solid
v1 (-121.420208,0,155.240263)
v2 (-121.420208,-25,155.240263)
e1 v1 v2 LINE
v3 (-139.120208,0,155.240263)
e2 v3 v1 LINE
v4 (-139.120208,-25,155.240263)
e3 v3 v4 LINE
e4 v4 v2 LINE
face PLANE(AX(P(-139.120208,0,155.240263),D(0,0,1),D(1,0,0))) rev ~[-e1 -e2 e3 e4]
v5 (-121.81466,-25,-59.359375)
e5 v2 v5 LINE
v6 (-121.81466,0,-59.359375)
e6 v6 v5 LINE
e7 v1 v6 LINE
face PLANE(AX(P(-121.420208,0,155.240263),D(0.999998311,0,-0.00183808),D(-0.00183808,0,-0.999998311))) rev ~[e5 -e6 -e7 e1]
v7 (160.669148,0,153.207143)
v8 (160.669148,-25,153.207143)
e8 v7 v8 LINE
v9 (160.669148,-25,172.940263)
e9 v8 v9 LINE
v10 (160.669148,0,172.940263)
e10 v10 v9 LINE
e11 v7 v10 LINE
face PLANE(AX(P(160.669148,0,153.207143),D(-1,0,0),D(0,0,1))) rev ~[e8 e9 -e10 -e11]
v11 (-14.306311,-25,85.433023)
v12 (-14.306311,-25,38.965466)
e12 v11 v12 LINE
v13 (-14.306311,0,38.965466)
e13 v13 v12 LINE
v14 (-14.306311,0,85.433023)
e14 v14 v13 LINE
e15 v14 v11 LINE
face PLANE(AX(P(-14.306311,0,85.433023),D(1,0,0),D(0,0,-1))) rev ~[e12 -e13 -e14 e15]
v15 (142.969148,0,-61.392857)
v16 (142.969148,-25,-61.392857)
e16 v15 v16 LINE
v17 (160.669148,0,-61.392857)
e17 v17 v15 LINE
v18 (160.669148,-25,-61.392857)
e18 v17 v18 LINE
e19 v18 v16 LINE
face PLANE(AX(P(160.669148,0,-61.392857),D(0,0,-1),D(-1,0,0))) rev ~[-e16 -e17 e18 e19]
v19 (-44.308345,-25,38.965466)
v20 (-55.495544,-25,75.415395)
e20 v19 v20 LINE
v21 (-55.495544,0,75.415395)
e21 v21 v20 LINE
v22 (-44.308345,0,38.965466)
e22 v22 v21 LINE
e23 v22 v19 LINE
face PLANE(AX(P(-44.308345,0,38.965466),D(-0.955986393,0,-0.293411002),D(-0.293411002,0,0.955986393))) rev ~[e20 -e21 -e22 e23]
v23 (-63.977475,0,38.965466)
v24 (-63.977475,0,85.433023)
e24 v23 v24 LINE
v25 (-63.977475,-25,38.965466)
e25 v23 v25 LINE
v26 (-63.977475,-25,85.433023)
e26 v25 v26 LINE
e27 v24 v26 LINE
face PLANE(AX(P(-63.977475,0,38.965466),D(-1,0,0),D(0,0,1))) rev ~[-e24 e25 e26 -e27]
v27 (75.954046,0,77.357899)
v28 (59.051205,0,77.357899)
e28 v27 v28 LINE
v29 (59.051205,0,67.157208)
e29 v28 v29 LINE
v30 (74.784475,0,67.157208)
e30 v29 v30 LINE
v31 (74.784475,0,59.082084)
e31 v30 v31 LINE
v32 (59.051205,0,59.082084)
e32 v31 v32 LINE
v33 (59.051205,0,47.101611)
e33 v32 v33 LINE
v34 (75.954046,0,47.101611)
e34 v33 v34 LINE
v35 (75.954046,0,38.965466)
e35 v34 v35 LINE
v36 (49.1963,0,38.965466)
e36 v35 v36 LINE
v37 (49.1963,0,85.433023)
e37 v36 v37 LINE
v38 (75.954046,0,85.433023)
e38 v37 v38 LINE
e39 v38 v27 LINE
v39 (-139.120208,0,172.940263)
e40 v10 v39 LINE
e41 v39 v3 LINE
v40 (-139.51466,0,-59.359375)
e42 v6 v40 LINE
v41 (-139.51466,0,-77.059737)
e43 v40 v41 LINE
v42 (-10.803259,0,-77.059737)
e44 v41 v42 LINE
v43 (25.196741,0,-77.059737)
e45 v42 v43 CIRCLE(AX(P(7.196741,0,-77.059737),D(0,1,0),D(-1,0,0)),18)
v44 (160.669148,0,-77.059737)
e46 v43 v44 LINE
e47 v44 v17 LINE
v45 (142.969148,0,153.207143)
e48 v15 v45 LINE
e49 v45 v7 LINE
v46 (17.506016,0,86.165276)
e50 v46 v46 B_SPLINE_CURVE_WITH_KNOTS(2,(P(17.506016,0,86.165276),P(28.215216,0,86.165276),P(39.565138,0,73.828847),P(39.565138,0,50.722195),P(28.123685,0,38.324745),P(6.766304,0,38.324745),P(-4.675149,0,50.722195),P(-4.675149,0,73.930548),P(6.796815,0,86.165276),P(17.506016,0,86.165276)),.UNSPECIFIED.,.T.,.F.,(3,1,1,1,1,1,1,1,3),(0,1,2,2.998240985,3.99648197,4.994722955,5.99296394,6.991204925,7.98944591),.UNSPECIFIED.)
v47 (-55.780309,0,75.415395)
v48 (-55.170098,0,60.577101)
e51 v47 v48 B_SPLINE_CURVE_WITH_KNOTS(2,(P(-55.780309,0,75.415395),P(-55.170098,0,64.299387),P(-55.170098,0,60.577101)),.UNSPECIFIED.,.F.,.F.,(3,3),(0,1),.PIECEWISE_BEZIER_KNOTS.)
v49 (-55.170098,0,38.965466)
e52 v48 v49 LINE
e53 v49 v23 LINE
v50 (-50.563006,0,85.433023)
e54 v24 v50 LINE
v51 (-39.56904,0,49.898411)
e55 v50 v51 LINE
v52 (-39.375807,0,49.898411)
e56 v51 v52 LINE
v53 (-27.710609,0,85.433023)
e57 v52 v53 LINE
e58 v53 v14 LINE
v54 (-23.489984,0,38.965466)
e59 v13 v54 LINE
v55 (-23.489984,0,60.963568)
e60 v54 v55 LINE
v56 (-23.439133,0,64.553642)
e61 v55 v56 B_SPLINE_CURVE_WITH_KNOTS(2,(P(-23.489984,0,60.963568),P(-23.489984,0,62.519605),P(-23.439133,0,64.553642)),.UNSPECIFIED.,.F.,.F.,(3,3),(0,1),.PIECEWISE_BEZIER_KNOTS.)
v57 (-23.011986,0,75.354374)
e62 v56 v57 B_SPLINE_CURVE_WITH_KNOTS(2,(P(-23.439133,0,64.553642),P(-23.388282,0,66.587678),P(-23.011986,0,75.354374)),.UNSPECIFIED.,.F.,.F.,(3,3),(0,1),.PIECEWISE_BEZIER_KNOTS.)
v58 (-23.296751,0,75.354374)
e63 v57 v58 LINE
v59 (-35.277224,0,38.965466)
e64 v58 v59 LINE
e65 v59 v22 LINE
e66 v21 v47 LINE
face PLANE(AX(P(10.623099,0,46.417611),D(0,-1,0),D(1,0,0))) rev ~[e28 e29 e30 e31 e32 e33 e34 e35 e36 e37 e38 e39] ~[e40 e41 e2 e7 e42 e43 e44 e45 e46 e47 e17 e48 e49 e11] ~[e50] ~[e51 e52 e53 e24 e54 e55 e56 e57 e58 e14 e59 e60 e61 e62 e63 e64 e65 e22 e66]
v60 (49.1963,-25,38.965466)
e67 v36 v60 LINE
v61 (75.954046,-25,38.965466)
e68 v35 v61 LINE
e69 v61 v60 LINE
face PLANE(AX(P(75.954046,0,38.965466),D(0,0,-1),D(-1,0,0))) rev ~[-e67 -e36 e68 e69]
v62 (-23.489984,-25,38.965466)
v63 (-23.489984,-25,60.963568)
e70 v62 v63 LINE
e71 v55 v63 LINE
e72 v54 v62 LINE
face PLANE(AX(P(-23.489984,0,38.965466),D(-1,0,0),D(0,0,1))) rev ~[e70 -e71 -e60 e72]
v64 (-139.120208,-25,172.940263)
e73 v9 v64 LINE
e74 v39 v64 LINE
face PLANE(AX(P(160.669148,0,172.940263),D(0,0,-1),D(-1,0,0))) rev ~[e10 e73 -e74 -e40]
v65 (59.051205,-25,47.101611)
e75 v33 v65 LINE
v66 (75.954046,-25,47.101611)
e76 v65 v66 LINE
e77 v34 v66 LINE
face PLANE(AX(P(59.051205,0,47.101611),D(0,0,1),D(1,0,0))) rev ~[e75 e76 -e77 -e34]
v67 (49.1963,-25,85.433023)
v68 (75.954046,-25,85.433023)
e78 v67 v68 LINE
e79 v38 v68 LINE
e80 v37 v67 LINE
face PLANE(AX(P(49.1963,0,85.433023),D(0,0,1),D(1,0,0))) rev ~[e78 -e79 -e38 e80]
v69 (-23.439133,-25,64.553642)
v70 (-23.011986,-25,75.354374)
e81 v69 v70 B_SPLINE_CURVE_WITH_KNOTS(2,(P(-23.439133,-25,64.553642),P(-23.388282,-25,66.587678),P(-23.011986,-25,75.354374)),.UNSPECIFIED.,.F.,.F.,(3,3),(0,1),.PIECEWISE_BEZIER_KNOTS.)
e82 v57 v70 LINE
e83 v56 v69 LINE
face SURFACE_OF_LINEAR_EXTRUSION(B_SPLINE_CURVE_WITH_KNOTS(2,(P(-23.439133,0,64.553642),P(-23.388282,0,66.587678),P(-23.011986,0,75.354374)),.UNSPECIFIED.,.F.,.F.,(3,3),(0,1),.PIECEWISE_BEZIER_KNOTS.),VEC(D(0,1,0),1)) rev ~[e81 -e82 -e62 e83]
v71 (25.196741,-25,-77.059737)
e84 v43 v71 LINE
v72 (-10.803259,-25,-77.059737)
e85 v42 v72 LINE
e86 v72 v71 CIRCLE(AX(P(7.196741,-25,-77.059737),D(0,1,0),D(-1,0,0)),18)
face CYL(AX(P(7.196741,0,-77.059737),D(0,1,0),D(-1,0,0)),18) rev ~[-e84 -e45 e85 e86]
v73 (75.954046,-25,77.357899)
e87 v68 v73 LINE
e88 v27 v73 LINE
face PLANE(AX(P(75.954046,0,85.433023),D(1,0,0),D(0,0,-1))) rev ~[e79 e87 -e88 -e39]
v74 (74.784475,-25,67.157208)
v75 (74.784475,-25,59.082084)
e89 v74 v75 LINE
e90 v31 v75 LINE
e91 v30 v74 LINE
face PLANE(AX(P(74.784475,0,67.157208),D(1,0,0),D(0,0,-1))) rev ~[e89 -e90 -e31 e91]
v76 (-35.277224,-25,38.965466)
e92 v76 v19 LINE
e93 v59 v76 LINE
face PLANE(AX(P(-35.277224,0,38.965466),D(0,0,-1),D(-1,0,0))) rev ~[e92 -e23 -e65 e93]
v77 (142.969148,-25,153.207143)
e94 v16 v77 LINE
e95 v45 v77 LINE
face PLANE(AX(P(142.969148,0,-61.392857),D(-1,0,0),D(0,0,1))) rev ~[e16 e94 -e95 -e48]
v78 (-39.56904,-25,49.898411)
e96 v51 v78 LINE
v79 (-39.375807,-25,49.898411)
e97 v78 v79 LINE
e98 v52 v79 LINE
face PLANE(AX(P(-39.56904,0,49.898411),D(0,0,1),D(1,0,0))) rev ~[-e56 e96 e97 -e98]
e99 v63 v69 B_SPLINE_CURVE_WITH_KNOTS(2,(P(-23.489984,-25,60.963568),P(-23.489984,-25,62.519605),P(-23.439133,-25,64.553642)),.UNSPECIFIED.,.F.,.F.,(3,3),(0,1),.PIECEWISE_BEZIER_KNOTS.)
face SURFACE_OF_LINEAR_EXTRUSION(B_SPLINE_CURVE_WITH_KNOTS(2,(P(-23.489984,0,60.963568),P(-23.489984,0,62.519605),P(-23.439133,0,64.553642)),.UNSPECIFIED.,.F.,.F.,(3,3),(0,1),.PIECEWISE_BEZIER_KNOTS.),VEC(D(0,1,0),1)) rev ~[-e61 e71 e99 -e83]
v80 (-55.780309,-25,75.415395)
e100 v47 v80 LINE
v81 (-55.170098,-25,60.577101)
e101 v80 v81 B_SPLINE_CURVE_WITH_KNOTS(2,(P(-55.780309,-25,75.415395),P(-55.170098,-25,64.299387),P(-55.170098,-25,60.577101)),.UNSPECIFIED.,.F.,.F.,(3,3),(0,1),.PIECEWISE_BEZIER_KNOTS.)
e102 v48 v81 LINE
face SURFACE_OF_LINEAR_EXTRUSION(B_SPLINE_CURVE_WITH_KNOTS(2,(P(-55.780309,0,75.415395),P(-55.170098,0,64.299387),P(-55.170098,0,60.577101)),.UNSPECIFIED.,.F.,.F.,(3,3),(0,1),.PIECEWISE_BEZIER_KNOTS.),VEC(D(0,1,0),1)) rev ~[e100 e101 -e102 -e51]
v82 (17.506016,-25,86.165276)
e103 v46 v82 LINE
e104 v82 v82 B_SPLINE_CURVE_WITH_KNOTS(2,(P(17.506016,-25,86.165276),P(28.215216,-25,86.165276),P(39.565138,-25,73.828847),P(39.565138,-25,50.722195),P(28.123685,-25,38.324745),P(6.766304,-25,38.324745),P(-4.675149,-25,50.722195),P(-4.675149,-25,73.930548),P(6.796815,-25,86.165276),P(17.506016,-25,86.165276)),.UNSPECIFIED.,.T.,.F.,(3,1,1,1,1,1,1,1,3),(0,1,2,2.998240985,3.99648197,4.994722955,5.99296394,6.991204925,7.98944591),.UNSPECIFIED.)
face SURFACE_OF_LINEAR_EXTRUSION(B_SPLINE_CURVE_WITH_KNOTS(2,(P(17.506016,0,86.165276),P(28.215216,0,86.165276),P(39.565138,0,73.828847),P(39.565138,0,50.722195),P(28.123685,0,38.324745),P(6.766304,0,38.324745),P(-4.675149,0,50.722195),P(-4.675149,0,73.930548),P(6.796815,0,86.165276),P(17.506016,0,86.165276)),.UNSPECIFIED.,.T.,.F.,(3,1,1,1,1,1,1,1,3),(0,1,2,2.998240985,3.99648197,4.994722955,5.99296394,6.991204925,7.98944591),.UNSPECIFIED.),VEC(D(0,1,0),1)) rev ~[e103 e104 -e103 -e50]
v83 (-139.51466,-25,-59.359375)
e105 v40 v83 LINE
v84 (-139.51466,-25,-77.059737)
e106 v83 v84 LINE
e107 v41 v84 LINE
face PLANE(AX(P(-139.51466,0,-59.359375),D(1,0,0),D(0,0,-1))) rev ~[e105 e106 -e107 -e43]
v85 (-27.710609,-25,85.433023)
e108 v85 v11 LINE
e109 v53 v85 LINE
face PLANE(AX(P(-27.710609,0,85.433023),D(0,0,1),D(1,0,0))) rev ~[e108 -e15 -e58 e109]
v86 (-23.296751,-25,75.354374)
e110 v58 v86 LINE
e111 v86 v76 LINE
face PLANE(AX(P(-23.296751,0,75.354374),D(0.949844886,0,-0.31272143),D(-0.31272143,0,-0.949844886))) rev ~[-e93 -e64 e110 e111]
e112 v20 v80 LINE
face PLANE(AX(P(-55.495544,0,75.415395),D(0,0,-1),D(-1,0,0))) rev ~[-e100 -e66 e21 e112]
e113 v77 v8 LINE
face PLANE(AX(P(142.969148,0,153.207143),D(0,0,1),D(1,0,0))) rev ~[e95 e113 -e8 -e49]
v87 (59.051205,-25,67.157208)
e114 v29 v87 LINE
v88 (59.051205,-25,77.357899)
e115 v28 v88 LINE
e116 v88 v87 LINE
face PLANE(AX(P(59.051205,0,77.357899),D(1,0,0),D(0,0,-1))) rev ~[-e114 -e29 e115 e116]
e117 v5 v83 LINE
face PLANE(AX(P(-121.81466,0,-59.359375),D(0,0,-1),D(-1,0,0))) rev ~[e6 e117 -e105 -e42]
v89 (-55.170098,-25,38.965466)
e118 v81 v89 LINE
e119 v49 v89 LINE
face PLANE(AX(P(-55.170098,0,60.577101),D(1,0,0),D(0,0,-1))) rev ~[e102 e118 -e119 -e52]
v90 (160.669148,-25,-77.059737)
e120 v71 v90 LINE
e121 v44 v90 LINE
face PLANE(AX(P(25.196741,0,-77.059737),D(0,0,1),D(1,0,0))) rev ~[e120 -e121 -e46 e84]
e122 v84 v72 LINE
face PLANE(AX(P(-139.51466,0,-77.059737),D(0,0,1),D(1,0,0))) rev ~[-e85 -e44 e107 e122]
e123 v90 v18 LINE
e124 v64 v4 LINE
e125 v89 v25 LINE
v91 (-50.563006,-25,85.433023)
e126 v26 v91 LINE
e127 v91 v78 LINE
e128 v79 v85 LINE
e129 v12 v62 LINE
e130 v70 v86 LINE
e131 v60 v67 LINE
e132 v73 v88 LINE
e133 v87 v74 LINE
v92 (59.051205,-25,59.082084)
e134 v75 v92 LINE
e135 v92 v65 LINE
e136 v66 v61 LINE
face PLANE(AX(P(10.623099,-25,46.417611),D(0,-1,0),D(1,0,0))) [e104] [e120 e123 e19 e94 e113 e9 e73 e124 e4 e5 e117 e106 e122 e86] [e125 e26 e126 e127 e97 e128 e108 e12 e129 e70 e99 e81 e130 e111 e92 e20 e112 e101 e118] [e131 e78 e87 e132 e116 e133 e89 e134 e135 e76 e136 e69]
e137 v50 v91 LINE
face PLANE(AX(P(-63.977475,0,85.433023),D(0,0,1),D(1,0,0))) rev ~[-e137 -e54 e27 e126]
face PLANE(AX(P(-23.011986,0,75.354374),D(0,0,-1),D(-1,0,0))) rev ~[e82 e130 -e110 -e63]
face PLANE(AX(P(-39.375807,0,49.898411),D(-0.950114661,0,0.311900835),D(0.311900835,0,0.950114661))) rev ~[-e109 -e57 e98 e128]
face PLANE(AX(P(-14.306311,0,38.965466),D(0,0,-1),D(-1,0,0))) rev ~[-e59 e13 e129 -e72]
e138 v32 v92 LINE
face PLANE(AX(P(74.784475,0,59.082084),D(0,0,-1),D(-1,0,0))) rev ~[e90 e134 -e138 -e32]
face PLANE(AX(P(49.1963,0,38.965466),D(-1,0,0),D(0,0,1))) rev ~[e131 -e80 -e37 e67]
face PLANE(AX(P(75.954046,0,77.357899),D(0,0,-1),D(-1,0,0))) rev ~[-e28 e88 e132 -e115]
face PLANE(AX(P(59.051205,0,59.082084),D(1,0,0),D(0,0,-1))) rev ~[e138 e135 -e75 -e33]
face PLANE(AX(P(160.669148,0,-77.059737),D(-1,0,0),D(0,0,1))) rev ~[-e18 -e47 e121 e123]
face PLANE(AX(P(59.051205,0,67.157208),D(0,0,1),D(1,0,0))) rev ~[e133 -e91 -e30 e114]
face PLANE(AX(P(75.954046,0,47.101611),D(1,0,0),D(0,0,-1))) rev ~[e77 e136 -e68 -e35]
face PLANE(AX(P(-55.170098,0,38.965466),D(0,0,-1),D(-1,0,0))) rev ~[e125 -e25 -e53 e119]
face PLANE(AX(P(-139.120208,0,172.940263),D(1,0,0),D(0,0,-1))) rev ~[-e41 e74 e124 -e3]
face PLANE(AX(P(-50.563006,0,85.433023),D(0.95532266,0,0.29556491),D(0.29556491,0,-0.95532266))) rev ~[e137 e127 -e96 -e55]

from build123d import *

# Parameters (mm, degrees)
F1_DEPTH = 25


with BuildPart() as f1:
    # F0 (on Front) → F1 (new body)
    with BuildSketch(Plane.XZ):
        with BuildLine():
            Line((25.196740713, -77.0597371716), (142.969147649, -77.0597371716))
            Line((142.969147649, -77.0597371716), (160.669147649, -77.0597371716))
            Line((160.669147649, -77.0597371716), (160.669147649, -61.3928571429))
            Line((160.669147649, -61.3928571429), (142.969147649, -61.3928571429))
            Line((142.969147649, -61.3928571429), (142.969147649, 153.2071428571))
            Line((142.969147649, 153.2071428571), (160.669147649, 153.2071428571))
            Line((160.669147649, 153.2071428571), (160.669147649, 172.9402628284))
            Line((160.669147649, 172.9402628284), (142.969147649, 172.9402628284))
            Line((142.969147649, 172.9402628284), (21.10726993, 172.9402628284))
            Line((21.10726993, 172.9402628284), (-28.89273007, 172.9402628284))
            Line((-28.89273007, 172.9402628284), (-121.4202080463, 172.9402628284))
            Line((-121.4202080463, 172.9402628284), (-139.1202080463, 172.9402628284))
            Line((-139.1202080463, 172.9402628284), (-139.1202080463, 155.2402628284))
            Line((-139.1202080463, 155.2402628284), (-121.4202080463, 155.2402628284))
            Line((-121.4202080463, 155.2402628284), (-121.8146599785, -59.3593746542))
            Line((-121.8146599785, -59.3593746542), (-139.5146599785, -59.3593746542))
            Line((-139.5146599785, -59.3593746542), (-139.5146599785, -77.0597371716))
            Line((-139.5146599785, -77.0597371716), (-121.630852351, -77.0597371716))
            Line((-121.630852351, -77.0597371716), (-10.803259287, -77.0597371716))
            ThreePointArc((-10.803259287, -77.0597371716), (7.196740713, -59.0597371716), (25.196740713, -77.0597371716))
        make_face()
        with BuildLine():
            Line((-35.2772239302, 38.9654661138), (-44.3083446842, 38.9654661138))
            Line((-44.3083446842, 38.9654661138), (-55.4955438163, 75.4153949225))
            Line((-55.4955438163, 75.4153949225), (-55.7803088852, 75.4153949225))
            add(Edge.make_bspline(
                [(-55.7803088852, 75.4153949225), (-55.1700980234, 64.2993870576), (-55.1700980234, 60.5771008009)],
                knots=[0, 0, 0, 1, 1, 1], degree=2))
            Line((-55.1700980234, 60.5771008009), (-55.1700980234, 38.9654661138))
            Line((-55.1700980234, 38.9654661138), (-63.9774747947, 38.9654661138))
            Line((-63.9774747947, 38.9654661138), (-63.9774747947, 85.4330232363))
            Line((-63.9774747947, 85.4330232363), (-50.5630060172, 85.4330232363))
            Line((-50.5630060172, 85.4330232363), (-39.5690403246, 49.8984107202))
            Line((-39.5690403246, 49.8984107202), (-39.375806885, 49.8984107202))
            Line((-39.375806885, 49.8984107202), (-27.7106092445, 85.4330232363))
            Line((-27.7106092445, 85.4330232363), (-14.306310648, 85.4330232363))
            Line((-14.306310648, 85.4330232363), (-14.306310648, 38.9654661138))
            Line((-14.306310648, 38.9654661138), (-23.4899841174, 38.9654661138))
            Line((-23.4899841174, 38.9654661138), (-23.4899841174, 60.96356768))
            add(Edge.make_bspline(
                [(-23.4899841174, 60.96356768), (-23.4899841174, 62.5196053775), (-23.4391332122, 64.5536415833)],
                knots=[0, 0, 0, 1, 1, 1], degree=2))
            add(Edge.make_bspline(
                [(-23.4391332122, 64.5536415833), (-23.3882823071, 66.5876777892), (-23.011985609, 75.3543738363)],
                knots=[0, 0, 0, 1, 1, 1], degree=2))
            Line((-23.011985609, 75.3543738363), (-23.2967506778, 75.3543738363))
            Line((-23.2967506778, 75.3543738363), (-35.2772239302, 38.9654661138))
        make_face(mode=Mode.SUBTRACT)
        with BuildLine():
            add(Edge.make_bspline(
                [(33.8901772495, 79.9970614762), (39.5651382638, 73.828846682), (39.5651382638, 62.2653508517)],
                knots=[0, 0, 0, 1, 1, 1], degree=2))
            add(Edge.make_bspline(
                [(39.5651382638, 62.2653508517), (39.5651382638, 50.7221953836), (33.8444114349, 44.5234700463)],
                knots=[0, 0, 0, 1, 1, 1], degree=2))
            add(Edge.make_bspline(
                [(33.8444114349, 44.5234700463), (28.1236846059, 38.3247447089), (17.4449945252, 38.3247447089)],
                knots=[0, 0, 0, 1, 1, 1], degree=2))
            add(Edge.make_bspline(
                [(17.4449945252, 38.3247447089), (6.7663044446, 38.3247447089), (1.0455776156, 44.5234700463)],
                knots=[0, 0, 0, 1, 1, 1], degree=2))
            add(Edge.make_bspline(
                [(1.0455776156, 44.5234700463), (-4.6751492133, 50.7221953836), (-4.6751492133, 62.3263719379)],
                knots=[0, 0, 0, 1, 1, 1], degree=2))
            add(Edge.make_bspline(
                [(-4.6751492133, 62.3263719379), (-4.6751492133, 73.9305484922), (1.0608328872, 80.0479123813)],
                knots=[0, 0, 0, 1, 1, 1], degree=2))
            add(Edge.make_bspline(
                [(1.0608328872, 80.0479123813), (6.7968149877, 86.1652762704), (17.5060156114, 86.1652762704)],
                knots=[0, 0, 0, 1, 1, 1], degree=2))
            add(Edge.make_bspline(
                [(17.5060156114, 86.1652762704), (28.2152162352, 86.1652762704), (33.8901772495, 79.9970614762)],
                knots=[0, 0, 0, 1, 1, 1], degree=2))
        make_face(mode=Mode.SUBTRACT)
        Polygon((75.9540459864, 47.1016109372), (75.9540459864, 38.9654661138), (49.1962996985, 38.9654661138), (49.1962996985, 85.4330232363), (75.9540459864, 85.4330232363), (75.9540459864, 77.3578994991), (59.0512051158, 77.3578994991), (59.0512051158, 67.1572079268), (74.784475168, 67.1572079268), (74.784475168, 59.0820841896), (59.0512051158, 59.0820841896), (59.0512051158, 47.1016109372), align=None, mode=Mode.SUBTRACT)
    extrude(amount=F1_DEPTH)


solid = f1.part
